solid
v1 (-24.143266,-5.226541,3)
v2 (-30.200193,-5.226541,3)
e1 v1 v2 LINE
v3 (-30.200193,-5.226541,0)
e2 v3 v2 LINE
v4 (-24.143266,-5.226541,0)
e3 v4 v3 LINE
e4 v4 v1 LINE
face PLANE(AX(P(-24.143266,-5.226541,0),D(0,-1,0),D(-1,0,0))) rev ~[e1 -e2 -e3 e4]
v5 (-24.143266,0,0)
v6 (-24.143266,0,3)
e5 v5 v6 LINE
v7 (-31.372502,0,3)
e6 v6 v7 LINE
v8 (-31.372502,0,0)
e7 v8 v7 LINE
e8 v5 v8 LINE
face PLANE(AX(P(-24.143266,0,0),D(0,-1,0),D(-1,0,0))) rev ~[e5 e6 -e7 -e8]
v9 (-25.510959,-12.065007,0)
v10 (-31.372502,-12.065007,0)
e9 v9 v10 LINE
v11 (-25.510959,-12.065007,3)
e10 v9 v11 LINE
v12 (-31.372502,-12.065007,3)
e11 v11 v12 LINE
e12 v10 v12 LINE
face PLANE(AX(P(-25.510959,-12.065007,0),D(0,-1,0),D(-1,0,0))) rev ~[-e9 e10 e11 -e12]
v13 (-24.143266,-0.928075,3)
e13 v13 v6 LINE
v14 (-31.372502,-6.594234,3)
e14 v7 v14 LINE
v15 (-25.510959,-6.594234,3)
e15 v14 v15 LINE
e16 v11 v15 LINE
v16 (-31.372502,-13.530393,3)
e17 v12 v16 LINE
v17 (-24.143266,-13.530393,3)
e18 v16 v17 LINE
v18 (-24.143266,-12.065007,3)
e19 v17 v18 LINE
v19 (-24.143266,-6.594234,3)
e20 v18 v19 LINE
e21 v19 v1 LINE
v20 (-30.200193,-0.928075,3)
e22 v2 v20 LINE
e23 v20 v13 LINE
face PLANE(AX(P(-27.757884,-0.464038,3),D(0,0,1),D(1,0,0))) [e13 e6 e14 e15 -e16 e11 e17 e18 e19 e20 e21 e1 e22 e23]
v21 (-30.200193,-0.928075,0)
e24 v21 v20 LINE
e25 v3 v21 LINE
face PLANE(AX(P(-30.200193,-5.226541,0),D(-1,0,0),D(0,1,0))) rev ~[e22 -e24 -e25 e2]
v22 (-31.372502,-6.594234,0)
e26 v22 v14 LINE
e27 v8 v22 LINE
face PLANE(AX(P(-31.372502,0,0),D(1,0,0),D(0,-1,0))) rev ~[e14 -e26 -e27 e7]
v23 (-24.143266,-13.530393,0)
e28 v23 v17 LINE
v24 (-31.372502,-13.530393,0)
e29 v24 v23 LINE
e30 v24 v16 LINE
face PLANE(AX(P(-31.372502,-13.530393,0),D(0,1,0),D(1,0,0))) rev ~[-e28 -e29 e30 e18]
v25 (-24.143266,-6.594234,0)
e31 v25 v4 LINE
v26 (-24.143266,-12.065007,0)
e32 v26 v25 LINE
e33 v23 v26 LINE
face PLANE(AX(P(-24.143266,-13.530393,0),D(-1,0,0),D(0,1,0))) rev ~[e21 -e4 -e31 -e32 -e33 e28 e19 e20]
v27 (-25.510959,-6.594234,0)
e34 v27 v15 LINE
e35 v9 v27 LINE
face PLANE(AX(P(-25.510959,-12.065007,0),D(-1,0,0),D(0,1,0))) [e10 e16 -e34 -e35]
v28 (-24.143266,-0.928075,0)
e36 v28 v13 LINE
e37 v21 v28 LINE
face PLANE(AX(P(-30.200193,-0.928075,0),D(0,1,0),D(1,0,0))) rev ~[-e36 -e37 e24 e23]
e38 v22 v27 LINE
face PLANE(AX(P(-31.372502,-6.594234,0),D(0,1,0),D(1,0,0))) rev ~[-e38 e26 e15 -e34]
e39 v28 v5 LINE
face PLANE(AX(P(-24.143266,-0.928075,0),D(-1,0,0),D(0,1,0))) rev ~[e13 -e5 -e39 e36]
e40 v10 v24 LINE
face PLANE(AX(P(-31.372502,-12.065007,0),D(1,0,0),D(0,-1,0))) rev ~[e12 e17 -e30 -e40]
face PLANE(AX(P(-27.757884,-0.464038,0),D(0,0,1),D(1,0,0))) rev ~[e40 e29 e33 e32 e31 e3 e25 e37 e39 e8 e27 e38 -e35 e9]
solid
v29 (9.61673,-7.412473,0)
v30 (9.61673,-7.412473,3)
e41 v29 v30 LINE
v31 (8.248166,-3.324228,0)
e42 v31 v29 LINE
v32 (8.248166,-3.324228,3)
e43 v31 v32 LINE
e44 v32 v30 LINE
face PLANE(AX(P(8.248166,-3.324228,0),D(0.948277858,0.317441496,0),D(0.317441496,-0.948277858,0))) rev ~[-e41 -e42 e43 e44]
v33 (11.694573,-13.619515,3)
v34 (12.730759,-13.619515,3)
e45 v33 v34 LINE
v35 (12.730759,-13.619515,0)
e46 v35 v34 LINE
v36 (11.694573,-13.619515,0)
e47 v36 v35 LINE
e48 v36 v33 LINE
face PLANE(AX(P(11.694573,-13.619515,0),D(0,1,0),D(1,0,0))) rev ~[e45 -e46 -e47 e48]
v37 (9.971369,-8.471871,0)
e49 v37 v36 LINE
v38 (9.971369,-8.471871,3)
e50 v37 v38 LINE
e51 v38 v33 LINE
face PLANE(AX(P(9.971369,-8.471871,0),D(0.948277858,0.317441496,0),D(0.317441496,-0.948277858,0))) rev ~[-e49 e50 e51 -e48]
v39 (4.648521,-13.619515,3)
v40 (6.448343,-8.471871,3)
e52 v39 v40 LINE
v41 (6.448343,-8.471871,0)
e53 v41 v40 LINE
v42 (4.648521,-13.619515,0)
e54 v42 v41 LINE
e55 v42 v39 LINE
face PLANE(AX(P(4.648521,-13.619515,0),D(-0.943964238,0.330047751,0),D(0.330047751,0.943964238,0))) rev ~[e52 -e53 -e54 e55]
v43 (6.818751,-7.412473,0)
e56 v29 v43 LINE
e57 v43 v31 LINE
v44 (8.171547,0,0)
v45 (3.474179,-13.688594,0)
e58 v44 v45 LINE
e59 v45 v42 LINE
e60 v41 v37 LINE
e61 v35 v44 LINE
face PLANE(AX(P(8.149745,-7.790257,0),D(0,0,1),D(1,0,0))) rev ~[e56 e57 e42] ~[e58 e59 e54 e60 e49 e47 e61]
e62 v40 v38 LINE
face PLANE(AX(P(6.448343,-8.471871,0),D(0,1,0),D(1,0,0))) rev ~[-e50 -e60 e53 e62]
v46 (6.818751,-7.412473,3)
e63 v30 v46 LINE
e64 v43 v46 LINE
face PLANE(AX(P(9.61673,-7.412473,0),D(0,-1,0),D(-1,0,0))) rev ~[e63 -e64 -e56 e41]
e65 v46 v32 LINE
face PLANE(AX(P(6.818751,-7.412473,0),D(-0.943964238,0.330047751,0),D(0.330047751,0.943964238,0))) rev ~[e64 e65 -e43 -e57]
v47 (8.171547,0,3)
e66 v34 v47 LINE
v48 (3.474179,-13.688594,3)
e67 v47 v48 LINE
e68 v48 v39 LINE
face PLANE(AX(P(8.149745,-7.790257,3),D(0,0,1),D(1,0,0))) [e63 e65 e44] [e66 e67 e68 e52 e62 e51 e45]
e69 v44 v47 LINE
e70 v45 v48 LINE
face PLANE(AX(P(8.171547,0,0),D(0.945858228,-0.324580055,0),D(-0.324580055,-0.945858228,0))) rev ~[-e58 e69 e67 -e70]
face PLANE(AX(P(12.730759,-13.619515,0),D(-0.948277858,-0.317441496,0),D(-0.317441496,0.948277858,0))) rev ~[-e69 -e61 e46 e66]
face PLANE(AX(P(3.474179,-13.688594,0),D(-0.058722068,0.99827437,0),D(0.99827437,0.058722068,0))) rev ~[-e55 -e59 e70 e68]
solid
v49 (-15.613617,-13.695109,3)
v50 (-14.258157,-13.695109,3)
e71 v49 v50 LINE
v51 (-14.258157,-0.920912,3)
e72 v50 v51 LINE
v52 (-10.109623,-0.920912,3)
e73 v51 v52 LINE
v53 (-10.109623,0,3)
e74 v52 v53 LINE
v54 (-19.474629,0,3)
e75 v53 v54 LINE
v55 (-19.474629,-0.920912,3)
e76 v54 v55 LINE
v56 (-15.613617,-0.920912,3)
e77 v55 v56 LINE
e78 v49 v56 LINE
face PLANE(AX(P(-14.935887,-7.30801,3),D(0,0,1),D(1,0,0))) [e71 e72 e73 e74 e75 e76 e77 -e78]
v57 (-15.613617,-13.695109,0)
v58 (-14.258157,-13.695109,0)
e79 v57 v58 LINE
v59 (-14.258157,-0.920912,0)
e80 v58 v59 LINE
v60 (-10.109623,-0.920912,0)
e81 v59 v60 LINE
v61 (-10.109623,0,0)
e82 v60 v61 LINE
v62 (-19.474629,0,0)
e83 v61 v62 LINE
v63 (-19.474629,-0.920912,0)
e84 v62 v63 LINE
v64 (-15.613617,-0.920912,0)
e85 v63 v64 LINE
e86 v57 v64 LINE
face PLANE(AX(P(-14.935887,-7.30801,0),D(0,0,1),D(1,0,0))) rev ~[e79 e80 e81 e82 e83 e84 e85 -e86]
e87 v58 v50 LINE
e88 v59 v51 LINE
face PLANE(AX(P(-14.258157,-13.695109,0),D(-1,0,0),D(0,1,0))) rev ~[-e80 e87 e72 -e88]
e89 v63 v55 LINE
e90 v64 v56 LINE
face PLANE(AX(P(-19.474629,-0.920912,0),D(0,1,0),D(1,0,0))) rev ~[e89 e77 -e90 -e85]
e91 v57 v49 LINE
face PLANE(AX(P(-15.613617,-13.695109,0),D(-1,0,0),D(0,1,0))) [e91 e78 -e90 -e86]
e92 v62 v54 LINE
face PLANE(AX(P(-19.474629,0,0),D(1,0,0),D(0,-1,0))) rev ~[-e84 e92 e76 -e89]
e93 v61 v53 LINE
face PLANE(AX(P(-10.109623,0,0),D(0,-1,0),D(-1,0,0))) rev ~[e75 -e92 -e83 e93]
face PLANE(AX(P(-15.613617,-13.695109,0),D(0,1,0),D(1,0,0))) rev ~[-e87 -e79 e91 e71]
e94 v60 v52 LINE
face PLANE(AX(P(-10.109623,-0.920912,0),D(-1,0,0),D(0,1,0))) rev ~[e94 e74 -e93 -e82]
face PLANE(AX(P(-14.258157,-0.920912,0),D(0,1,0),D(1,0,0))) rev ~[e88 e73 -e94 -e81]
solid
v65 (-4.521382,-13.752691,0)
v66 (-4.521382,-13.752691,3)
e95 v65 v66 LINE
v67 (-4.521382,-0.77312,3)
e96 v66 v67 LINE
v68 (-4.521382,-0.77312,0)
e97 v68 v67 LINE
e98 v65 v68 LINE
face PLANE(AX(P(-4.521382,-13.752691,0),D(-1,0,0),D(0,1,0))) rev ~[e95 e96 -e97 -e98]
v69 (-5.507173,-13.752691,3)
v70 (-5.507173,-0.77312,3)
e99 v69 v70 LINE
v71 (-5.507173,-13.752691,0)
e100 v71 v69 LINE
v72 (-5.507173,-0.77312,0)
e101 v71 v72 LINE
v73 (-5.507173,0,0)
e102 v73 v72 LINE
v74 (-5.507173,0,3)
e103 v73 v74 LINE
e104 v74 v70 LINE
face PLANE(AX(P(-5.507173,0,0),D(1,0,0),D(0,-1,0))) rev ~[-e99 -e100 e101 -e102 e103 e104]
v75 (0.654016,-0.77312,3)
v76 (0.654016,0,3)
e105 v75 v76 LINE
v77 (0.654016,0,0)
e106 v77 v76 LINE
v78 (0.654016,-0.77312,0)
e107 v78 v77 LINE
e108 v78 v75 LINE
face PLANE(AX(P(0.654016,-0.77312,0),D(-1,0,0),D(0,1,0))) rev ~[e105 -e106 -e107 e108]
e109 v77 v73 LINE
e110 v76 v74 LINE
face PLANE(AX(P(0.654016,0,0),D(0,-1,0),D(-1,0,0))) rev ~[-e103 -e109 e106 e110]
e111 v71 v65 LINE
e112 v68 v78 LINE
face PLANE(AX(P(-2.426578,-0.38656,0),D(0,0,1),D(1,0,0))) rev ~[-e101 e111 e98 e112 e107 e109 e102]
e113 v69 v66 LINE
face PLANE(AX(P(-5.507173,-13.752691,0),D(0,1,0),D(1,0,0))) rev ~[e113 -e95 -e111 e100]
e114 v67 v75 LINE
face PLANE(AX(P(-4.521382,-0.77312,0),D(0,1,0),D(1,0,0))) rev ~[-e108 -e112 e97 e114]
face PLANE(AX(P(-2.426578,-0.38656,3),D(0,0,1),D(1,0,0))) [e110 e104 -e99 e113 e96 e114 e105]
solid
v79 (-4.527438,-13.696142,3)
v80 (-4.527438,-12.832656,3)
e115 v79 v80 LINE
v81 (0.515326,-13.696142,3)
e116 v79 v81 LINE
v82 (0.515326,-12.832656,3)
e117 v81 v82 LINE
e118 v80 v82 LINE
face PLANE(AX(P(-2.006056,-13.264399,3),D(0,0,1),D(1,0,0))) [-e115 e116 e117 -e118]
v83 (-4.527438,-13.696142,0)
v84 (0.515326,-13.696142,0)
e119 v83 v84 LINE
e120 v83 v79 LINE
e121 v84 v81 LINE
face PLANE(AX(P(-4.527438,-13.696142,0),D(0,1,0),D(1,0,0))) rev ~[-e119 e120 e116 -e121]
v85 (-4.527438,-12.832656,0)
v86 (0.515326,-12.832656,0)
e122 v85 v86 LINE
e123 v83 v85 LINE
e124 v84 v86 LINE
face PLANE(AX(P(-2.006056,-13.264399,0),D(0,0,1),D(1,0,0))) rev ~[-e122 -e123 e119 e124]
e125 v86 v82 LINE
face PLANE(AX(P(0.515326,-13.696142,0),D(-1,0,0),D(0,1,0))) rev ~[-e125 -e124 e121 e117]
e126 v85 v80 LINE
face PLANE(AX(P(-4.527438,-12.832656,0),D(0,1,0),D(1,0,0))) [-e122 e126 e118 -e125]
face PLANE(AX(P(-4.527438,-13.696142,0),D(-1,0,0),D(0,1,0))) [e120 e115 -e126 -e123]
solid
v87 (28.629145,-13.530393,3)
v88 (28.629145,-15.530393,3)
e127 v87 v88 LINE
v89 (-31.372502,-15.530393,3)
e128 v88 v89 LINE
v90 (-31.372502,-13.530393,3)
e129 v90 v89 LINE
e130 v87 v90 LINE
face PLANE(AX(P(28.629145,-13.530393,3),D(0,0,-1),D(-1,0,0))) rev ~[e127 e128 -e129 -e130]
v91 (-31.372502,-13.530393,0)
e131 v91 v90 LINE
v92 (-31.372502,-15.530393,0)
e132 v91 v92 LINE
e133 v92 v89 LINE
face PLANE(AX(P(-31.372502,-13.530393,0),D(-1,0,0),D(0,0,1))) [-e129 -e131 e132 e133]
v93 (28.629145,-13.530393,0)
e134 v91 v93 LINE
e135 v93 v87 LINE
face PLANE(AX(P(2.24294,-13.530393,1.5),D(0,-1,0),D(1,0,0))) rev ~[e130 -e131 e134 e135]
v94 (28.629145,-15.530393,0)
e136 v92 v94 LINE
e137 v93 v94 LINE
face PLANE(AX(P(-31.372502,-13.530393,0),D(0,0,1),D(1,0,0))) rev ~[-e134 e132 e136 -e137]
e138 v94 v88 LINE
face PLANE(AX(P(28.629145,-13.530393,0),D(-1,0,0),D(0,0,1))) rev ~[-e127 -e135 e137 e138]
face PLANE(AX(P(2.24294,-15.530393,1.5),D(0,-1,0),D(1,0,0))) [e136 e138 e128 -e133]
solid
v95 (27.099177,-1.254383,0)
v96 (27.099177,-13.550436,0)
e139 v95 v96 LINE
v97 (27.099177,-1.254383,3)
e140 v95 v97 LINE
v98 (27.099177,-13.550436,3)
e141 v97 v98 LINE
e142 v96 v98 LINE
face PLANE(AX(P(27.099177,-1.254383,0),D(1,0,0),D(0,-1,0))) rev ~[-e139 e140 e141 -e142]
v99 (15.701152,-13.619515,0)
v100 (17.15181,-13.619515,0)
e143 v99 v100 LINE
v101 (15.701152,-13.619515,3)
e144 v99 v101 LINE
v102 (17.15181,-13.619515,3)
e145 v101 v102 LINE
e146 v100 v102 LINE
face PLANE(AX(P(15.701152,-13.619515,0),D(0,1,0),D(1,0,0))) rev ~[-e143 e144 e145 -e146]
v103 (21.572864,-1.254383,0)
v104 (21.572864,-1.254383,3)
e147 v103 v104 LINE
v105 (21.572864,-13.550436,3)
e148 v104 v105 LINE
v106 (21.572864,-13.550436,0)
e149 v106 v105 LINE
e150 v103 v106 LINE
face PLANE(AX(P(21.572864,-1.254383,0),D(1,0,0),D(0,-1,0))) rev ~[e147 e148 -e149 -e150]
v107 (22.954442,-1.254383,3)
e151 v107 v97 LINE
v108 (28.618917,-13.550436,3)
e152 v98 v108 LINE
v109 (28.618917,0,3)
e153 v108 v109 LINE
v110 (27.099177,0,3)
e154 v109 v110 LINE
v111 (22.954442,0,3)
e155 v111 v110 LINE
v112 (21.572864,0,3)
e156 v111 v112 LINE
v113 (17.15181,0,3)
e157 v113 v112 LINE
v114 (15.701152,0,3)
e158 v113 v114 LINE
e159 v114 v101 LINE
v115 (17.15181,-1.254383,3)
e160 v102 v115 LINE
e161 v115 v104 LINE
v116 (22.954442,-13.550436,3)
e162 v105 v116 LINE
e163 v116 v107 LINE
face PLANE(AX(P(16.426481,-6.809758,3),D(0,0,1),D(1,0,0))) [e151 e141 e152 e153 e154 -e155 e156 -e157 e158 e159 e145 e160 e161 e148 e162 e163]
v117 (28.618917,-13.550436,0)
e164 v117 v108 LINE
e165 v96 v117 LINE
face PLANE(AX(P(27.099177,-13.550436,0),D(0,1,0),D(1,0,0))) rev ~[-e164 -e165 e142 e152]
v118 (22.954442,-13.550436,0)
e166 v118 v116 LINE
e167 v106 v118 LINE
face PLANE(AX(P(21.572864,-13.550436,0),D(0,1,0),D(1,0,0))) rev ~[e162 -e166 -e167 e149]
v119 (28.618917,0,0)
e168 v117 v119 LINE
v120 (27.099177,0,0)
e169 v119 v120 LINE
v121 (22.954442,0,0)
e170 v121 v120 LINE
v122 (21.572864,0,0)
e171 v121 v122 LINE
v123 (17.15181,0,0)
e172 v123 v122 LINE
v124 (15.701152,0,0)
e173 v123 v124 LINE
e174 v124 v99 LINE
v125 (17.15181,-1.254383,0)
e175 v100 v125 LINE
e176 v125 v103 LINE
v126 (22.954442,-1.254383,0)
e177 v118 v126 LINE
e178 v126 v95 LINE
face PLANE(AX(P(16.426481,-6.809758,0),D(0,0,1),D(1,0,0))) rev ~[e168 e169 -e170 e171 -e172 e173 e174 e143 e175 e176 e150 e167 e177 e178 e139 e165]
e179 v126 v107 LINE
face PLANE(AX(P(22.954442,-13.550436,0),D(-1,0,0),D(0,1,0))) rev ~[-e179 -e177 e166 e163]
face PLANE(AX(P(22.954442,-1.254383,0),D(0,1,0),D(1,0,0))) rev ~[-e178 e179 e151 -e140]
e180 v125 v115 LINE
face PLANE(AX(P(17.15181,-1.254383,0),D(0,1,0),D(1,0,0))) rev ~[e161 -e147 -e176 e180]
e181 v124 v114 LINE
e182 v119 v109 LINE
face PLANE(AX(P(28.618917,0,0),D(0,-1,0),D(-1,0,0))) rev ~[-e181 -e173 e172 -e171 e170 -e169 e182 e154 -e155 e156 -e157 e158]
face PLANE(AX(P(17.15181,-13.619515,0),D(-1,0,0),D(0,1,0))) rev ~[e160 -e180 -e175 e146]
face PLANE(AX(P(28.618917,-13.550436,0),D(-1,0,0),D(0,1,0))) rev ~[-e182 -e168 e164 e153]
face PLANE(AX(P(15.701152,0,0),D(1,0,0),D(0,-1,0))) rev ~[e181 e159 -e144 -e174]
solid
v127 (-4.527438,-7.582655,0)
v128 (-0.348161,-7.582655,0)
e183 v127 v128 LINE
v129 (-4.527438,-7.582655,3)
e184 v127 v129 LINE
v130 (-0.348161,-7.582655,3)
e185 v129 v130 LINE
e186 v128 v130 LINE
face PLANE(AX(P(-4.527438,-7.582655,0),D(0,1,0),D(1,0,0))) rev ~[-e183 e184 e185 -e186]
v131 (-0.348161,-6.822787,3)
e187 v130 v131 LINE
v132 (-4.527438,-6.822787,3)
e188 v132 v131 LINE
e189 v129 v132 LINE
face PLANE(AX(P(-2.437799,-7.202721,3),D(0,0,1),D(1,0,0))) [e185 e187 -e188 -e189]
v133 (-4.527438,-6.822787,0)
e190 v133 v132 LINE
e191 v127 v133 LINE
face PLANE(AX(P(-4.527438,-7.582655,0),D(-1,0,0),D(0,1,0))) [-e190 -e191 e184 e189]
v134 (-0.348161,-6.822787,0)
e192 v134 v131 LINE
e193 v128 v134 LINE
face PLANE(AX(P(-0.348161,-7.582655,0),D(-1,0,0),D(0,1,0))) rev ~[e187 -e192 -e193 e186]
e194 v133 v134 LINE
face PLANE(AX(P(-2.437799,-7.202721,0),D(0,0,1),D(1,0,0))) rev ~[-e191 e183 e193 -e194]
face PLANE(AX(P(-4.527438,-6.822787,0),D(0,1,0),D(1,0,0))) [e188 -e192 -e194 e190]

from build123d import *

# Parameters (mm, degrees)
F0_W     = 1.1723097414
F0_H     = 4.2984655011
F0_W_2   = 1.367693767
F0_H_2   = 5.4707736708
F6_DEPTH = 3
F1_W     = 1.3554608449
F1_H     = 12.7741967444
F2_W     = 0.9857905097
F2_H     = 12.9795701359
F3_W     = 4.1792763222
F3_H     = 0.7598684169
F3_W_2   = 5.0427630194
F3_H_2   = 0.8634869009
F5_W     = 4.4210534543
F5_H     = 1.2543828925
F5_W_2   = 4.1447356343
F7_W     = 52.7724102139
F7_H     = 3
F7_W_2   = 7.2292368859
F8_DEPTH = 2


with BuildPart() as f6:
    # F0 (on Top) → F6 (new body)
    with BuildSketch(Plane.XY):
        Polygon((-24.1432655603, 0), (-31.3725024462, 0), (-31.3725024462, -0.9280753438), (-30.2001927048, -0.9280753438), (-24.1432655603, -0.9280753438), align=None)
        with Locations((-30.7863475755, -3.0773080944)):
            Rectangle(F0_W, F0_H)
        Polygon((-30.2001927048, -5.2265408449), (-31.3725024462, -5.2265408449), (-31.3725024462, -6.5942336805), (-25.5109593272, -6.5942336805), (-24.1432655603, -6.5942336805), (-24.1432655603, -5.2265408449), align=None)
        with Locations((-24.8271124437, -9.3296205159)):
            Rectangle(F0_W_2, F0_H_2)
        Polygon((-24.1432655603, -12.0650073513), (-25.5109593272, -12.0650073513), (-31.3725024462, -12.0650073513), (-31.3725024462, -13.5303931311), (-24.1432655603, -13.5303931311), align=None)
    extrude(amount=F6_DEPTH)


with BuildPart() as f6b:
    # F1 (on Top) → F6, piece 2 (new body)
    with BuildSketch(Plane.XY):
        with Locations((-14.935886953, -7.3080103321)):
            Rectangle(F1_W, F1_H)
        Polygon((-10.1096229628, 0), (-19.4746293128, 0), (-19.4746293128, -0.9209119598), (-15.6136173755, -0.9209119598), (-14.2581565306, -0.9209119598), (-10.1096229628, -0.9209119598), align=None)
    extrude(amount=F6_DEPTH)


with BuildPart() as f6c:
    # F2 (on Top) → F6, piece 3 (new body)
    with BuildSketch(Plane.XY):
        Polygon((0.6540161557, -0.7731203805), (0.6540161557, 0), (-5.507172551, 0), (-5.507172551, -0.7731203805), (-4.5213820413, -0.7731203805), align=None)
        with Locations((-5.0142772961, -7.2629054484)):
            Rectangle(F2_W, F2_H)
    extrude(amount=F6_DEPTH)


with BuildPart() as f6d:
    # F3 (on Top) → F6, piece 4 (new body)
    with BuildSketch(Plane.XY):
        with Locations((-2.4377993395, -7.2027209681)):
            Rectangle(F3_W, F3_H)
    extrude(amount=F6_DEPTH)


with BuildPart() as f6e:
    # F3 (on Top) → F6, piece 5 (new body)
    with BuildSketch(Plane.XY):
        with Locations((-2.0060559909, -13.2643990219)):
            Rectangle(F3_W_2, F3_H_2)
    extrude(amount=F6_DEPTH)


with BuildPart() as f6f:
    # F4 (on Top) → F6, piece 6 (new body)
    with BuildSketch(Plane.XY):
        Polygon((8.1715472043, 0), (3.474178724, -13.6885941029), (4.6485206112, -13.6195151135), (6.4483432596, -8.471871454), (6.818751279, -7.4124734659), (8.248165908, -3.3242277944), (9.616729785, -7.4124734659), (9.971369387, -8.471871454), (11.694572866, -13.6195151135), (12.7307586372, -13.6195151135), align=None)
        Polygon((6.818751279, -7.4124734659), (6.4483432596, -8.471871454), (9.971369387, -8.471871454), (9.616729785, -7.4124734659), align=None)
    extrude(amount=F6_DEPTH)


with BuildPart() as f6g:
    # F5 (on Top) → F6, piece 7 (new body)
    with BuildSketch(Plane.XY):
        Polygon((15.7011523843, 0), (15.7011523843, -13.6195151135), (17.1518102288, -13.6195151135), (17.1518102288, -1.2543828925), (17.1518102288, 0), align=None)
        with Locations((19.362336956, -0.6271914463)):
            Rectangle(F5_W, F5_H)
        with Locations((25.0268094242, -0.6271914463)):
            Rectangle(F5_W_2, F5_H)
        Polygon((28.6189168692, 0), (27.0991772413, 0), (27.0991772413, -1.2543828925), (27.0991772413, -13.5504361242), (28.6189168692, -13.5504361242), align=None)
        Polygon((21.5728636831, 0), (21.5728636831, -1.2543828925), (21.5728636831, -13.5504361242), (22.954441607, -13.5504361242), (22.954441607, -1.2543828925), (22.954441607, 0), align=None)
    extrude(amount=F6_DEPTH)


with BuildPart() as f8:
    # F7 (on face) → F8 (new body)
    with BuildSketch(Plane.XZ.offset(13.5303931311)):
        with Locations((2.2429395467, 1.5)):
            Rectangle(F7_W, F7_H)
        with Locations((-27.7578840032, 1.5)):
            Rectangle(F7_W_2, F7_H)
    extrude(amount=F8_DEPTH)


solid = Compound([f6.part, f6b.part, f6c.part, f6d.part, f6e.part, f6f.part, f6g.part, f8.part])
